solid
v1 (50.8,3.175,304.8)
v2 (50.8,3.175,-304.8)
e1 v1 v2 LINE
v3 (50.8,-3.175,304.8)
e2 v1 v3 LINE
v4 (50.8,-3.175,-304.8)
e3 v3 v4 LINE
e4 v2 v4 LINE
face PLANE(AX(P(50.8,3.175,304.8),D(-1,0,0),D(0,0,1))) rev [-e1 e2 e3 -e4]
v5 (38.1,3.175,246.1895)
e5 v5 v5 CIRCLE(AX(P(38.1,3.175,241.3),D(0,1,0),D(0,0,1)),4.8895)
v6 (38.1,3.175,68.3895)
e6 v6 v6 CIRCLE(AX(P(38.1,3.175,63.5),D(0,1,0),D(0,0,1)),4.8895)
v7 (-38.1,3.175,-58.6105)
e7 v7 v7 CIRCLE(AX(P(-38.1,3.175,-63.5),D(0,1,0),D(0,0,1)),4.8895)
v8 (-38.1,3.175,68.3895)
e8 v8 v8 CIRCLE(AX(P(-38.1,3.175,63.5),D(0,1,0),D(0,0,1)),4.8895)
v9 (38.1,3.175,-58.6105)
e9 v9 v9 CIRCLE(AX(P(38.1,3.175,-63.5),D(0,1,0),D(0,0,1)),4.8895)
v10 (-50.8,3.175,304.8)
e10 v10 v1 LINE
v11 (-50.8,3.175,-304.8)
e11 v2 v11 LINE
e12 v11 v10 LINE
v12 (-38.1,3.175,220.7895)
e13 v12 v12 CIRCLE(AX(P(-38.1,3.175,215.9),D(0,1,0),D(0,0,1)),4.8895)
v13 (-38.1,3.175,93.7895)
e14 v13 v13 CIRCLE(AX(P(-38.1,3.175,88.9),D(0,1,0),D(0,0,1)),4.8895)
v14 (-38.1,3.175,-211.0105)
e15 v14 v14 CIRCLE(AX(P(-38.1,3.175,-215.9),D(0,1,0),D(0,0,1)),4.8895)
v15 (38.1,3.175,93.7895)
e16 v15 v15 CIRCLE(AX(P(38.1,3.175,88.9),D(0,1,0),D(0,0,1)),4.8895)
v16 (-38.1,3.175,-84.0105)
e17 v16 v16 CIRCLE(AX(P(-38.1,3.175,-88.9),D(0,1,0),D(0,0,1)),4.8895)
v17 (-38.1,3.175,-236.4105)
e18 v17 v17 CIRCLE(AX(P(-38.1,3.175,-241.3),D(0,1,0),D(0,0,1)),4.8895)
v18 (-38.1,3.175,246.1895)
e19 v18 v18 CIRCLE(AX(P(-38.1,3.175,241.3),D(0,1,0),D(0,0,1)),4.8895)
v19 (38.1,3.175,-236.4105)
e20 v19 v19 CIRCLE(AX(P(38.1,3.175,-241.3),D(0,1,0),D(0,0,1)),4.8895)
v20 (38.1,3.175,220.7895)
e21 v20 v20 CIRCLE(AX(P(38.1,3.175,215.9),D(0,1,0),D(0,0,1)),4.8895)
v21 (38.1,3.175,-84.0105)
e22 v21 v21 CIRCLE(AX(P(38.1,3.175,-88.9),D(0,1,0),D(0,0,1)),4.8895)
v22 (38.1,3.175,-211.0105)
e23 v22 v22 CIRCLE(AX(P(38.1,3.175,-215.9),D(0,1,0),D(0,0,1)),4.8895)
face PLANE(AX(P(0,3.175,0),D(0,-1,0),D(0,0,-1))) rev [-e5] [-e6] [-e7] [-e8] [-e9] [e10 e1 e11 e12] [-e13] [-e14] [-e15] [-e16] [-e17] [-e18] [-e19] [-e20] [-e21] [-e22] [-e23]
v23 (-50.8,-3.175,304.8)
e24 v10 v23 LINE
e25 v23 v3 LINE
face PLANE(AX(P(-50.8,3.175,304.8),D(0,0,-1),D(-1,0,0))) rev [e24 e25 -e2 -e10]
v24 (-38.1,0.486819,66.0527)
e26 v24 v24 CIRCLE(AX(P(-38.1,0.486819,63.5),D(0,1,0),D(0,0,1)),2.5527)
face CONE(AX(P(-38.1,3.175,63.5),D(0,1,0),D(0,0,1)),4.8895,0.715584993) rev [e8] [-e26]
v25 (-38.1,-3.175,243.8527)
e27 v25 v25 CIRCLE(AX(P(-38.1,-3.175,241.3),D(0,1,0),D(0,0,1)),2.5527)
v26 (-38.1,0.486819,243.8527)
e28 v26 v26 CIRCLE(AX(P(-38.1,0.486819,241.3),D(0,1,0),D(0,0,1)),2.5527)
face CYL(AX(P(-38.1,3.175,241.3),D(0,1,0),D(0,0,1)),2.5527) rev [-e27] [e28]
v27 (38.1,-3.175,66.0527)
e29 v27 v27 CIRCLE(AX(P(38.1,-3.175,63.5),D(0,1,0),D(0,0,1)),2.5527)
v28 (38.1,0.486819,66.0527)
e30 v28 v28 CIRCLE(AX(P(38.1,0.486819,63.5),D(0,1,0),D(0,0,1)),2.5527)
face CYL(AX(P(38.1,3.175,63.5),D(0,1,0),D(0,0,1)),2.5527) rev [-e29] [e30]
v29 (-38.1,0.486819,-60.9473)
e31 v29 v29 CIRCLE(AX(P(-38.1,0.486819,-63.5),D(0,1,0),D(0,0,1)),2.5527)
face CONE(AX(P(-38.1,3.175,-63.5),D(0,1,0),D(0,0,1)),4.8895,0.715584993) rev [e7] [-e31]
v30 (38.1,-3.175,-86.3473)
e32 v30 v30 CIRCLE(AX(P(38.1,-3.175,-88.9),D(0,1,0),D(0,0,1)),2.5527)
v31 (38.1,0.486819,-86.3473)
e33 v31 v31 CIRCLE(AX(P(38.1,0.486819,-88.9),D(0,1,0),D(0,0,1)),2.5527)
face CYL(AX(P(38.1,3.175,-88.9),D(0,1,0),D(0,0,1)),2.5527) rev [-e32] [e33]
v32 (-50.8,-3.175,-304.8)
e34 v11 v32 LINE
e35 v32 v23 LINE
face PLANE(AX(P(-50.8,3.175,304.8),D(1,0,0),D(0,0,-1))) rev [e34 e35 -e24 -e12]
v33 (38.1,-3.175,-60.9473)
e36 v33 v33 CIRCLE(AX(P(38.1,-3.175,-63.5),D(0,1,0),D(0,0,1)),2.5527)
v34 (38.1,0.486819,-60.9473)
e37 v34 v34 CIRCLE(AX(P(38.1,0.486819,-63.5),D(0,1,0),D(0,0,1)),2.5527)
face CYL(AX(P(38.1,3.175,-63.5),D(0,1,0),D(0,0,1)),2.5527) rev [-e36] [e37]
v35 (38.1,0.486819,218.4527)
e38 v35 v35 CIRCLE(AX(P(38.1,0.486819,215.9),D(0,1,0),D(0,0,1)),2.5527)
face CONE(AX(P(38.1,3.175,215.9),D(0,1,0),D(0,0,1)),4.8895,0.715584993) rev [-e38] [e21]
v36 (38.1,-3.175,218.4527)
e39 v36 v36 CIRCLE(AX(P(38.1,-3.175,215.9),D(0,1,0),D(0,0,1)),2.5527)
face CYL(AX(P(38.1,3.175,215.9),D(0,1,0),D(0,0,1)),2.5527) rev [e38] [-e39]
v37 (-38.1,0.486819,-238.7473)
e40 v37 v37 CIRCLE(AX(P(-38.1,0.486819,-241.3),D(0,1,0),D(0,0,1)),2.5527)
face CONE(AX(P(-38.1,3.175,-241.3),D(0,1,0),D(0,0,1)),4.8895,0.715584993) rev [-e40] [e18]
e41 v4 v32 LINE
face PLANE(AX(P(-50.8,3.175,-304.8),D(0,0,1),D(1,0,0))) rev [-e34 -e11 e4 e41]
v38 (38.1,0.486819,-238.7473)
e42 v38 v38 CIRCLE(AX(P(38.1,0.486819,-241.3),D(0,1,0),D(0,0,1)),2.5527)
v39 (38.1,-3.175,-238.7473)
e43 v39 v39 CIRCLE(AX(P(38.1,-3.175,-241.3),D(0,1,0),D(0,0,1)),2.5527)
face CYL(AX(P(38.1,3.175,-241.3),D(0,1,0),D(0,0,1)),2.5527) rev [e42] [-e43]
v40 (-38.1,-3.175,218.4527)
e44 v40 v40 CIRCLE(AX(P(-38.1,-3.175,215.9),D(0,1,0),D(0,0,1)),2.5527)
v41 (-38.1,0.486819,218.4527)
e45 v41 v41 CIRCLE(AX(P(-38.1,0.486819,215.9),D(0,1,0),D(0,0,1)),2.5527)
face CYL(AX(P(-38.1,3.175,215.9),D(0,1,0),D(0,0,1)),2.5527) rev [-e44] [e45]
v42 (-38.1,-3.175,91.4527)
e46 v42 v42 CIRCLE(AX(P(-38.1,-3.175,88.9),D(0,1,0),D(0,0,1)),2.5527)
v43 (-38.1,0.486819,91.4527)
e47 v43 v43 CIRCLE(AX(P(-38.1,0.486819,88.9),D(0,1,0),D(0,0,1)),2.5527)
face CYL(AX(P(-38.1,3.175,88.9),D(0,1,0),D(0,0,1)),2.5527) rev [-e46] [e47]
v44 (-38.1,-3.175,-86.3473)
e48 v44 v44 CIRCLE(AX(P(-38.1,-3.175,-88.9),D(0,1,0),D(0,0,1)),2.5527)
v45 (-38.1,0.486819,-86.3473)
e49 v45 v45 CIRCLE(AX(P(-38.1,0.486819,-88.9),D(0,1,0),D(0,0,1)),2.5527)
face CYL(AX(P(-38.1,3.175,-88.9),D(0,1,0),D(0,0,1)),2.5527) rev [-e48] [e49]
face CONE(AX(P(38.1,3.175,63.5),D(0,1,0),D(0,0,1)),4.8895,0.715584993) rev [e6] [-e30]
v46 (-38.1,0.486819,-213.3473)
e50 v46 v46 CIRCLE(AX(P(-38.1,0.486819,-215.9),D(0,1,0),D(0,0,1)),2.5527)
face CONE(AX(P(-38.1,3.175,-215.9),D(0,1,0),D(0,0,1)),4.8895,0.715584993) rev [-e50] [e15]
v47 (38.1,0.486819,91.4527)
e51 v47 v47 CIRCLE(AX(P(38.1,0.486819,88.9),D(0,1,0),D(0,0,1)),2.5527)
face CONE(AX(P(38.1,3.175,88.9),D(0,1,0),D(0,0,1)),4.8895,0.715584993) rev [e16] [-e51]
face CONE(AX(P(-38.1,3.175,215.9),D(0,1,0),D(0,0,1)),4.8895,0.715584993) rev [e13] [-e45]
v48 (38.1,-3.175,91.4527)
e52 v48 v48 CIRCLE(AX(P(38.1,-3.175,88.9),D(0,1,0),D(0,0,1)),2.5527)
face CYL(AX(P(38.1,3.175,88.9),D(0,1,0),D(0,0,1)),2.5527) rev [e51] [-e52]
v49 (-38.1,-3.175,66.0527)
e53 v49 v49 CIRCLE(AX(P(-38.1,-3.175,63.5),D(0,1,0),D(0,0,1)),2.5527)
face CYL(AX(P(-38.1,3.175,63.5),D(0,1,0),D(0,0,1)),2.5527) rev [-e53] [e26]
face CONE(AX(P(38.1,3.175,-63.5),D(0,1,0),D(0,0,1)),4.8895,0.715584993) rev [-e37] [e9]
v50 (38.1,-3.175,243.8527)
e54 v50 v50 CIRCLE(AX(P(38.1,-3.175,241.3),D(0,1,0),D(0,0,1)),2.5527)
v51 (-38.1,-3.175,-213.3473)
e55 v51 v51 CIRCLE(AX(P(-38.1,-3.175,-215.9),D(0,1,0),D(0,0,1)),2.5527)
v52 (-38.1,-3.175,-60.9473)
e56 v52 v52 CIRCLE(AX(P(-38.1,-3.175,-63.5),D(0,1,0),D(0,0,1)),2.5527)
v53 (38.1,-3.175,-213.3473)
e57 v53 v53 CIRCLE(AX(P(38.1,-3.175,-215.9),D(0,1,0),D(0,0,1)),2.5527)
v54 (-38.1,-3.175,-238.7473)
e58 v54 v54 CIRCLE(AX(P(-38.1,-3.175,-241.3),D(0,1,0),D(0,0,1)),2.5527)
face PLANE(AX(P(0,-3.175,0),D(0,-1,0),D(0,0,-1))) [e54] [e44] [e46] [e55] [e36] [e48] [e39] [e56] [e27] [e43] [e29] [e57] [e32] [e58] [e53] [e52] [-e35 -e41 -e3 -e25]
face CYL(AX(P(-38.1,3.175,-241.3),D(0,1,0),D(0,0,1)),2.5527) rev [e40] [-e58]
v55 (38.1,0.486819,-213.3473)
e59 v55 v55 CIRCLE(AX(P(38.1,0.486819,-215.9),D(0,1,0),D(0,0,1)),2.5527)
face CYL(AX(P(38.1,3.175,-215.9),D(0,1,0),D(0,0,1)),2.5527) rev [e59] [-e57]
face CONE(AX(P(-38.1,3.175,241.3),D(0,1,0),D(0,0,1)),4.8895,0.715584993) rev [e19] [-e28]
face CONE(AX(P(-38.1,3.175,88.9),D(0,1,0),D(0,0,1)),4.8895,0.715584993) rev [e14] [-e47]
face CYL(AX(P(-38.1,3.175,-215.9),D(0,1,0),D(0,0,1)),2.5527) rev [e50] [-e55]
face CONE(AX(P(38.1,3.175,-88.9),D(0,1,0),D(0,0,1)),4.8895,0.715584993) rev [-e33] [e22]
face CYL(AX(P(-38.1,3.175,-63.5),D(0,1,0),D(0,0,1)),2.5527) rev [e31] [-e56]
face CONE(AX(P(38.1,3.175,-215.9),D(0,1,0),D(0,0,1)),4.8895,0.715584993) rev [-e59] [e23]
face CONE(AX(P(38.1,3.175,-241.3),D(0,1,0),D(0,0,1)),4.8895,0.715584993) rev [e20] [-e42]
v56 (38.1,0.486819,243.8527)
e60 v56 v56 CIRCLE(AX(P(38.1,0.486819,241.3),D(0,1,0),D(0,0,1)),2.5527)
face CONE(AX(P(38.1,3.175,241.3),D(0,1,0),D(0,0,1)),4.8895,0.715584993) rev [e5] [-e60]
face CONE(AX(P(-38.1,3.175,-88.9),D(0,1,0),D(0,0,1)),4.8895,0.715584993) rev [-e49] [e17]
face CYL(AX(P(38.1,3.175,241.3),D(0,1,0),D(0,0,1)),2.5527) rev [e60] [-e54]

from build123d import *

# Parameters (mm, degrees)
SKETCH1_W                                       = 101.6
SKETCH1_H                                       = 609.6
BOSS_EXTRUDE1_DEPTH                             = 3.175
CSK_FOR_10_FLAT_HEAD_MACHINE_SCREW1_D           = 5.1054
CSK_FOR_10_FLAT_HEAD_MACHINE_SCREW1_CSINK_D     = 9.779
CSK_FOR_10_FLAT_HEAD_MACHINE_SCREW1_CSINK_ANGLE = 82
MIRROR4_COPY_1_D                                = 5.1054
MIRROR4_COPY_1_CSINK_D                          = 9.779
MIRROR4_COPY_1_CSINK_ANGLE                      = 82


with BuildPart() as part:
    # Sketch1 → Boss-Extrude1 (new, symmetric)
    with BuildSketch(Plane(origin=(0, 0, 0), x_dir=(1, 0, 0), z_dir=(0, 1, 0))):
        Rectangle(SKETCH1_W, SKETCH1_H)
    extrude(amount=BOSS_EXTRUDE1_DEPTH, both=True)

    # CSK for #10 Flat Head Machine Screw1 (through all)
    with Locations(Plane(origin=(0, 3.175, 0), x_dir=(1, 0, 0), z_dir=(0, 1, 0))):
        with Locations((-38.1, -88.9), (-38.1, -63.5), (-38.1, -215.9), (-38.1, -241.3)):
            csk_for_10_flat_head_machine_screw1 = CounterSinkHole(CSK_FOR_10_FLAT_HEAD_MACHINE_SCREW1_D / 2, CSK_FOR_10_FLAT_HEAD_MACHINE_SCREW1_CSINK_D / 2, counter_sink_angle=CSK_FOR_10_FLAT_HEAD_MACHINE_SCREW1_CSINK_ANGLE)

    # Mirror3: CSK for #10 Flat Head Machine Screw1 across plane
    add(csk_for_10_flat_head_machine_screw1.mirror(Plane.XY), mode=Mode.SUBTRACT)

    # Mirror4: CSK for #10 Flat Head Machine Screw1 across plane
    add(csk_for_10_flat_head_machine_screw1.mirror(Plane(origin=(0, 0, 0), x_dir=(0, 0, 1), z_dir=(1, 0, 0))), mode=Mode.SUBTRACT)

    # Mirror4 copy 1 (through all)
    with Locations(Plane(origin=(0, 3.175, 0), x_dir=(-1, 0, 0), z_dir=(0, 1, 0))):
        with Locations((-38.1, -88.9), (-38.1, -63.5), (-38.1, -215.9), (-38.1, -241.3)):
            CounterSinkHole(MIRROR4_COPY_1_D / 2, MIRROR4_COPY_1_CSINK_D / 2, counter_sink_angle=MIRROR4_COPY_1_CSINK_ANGLE)


solid = part.part
